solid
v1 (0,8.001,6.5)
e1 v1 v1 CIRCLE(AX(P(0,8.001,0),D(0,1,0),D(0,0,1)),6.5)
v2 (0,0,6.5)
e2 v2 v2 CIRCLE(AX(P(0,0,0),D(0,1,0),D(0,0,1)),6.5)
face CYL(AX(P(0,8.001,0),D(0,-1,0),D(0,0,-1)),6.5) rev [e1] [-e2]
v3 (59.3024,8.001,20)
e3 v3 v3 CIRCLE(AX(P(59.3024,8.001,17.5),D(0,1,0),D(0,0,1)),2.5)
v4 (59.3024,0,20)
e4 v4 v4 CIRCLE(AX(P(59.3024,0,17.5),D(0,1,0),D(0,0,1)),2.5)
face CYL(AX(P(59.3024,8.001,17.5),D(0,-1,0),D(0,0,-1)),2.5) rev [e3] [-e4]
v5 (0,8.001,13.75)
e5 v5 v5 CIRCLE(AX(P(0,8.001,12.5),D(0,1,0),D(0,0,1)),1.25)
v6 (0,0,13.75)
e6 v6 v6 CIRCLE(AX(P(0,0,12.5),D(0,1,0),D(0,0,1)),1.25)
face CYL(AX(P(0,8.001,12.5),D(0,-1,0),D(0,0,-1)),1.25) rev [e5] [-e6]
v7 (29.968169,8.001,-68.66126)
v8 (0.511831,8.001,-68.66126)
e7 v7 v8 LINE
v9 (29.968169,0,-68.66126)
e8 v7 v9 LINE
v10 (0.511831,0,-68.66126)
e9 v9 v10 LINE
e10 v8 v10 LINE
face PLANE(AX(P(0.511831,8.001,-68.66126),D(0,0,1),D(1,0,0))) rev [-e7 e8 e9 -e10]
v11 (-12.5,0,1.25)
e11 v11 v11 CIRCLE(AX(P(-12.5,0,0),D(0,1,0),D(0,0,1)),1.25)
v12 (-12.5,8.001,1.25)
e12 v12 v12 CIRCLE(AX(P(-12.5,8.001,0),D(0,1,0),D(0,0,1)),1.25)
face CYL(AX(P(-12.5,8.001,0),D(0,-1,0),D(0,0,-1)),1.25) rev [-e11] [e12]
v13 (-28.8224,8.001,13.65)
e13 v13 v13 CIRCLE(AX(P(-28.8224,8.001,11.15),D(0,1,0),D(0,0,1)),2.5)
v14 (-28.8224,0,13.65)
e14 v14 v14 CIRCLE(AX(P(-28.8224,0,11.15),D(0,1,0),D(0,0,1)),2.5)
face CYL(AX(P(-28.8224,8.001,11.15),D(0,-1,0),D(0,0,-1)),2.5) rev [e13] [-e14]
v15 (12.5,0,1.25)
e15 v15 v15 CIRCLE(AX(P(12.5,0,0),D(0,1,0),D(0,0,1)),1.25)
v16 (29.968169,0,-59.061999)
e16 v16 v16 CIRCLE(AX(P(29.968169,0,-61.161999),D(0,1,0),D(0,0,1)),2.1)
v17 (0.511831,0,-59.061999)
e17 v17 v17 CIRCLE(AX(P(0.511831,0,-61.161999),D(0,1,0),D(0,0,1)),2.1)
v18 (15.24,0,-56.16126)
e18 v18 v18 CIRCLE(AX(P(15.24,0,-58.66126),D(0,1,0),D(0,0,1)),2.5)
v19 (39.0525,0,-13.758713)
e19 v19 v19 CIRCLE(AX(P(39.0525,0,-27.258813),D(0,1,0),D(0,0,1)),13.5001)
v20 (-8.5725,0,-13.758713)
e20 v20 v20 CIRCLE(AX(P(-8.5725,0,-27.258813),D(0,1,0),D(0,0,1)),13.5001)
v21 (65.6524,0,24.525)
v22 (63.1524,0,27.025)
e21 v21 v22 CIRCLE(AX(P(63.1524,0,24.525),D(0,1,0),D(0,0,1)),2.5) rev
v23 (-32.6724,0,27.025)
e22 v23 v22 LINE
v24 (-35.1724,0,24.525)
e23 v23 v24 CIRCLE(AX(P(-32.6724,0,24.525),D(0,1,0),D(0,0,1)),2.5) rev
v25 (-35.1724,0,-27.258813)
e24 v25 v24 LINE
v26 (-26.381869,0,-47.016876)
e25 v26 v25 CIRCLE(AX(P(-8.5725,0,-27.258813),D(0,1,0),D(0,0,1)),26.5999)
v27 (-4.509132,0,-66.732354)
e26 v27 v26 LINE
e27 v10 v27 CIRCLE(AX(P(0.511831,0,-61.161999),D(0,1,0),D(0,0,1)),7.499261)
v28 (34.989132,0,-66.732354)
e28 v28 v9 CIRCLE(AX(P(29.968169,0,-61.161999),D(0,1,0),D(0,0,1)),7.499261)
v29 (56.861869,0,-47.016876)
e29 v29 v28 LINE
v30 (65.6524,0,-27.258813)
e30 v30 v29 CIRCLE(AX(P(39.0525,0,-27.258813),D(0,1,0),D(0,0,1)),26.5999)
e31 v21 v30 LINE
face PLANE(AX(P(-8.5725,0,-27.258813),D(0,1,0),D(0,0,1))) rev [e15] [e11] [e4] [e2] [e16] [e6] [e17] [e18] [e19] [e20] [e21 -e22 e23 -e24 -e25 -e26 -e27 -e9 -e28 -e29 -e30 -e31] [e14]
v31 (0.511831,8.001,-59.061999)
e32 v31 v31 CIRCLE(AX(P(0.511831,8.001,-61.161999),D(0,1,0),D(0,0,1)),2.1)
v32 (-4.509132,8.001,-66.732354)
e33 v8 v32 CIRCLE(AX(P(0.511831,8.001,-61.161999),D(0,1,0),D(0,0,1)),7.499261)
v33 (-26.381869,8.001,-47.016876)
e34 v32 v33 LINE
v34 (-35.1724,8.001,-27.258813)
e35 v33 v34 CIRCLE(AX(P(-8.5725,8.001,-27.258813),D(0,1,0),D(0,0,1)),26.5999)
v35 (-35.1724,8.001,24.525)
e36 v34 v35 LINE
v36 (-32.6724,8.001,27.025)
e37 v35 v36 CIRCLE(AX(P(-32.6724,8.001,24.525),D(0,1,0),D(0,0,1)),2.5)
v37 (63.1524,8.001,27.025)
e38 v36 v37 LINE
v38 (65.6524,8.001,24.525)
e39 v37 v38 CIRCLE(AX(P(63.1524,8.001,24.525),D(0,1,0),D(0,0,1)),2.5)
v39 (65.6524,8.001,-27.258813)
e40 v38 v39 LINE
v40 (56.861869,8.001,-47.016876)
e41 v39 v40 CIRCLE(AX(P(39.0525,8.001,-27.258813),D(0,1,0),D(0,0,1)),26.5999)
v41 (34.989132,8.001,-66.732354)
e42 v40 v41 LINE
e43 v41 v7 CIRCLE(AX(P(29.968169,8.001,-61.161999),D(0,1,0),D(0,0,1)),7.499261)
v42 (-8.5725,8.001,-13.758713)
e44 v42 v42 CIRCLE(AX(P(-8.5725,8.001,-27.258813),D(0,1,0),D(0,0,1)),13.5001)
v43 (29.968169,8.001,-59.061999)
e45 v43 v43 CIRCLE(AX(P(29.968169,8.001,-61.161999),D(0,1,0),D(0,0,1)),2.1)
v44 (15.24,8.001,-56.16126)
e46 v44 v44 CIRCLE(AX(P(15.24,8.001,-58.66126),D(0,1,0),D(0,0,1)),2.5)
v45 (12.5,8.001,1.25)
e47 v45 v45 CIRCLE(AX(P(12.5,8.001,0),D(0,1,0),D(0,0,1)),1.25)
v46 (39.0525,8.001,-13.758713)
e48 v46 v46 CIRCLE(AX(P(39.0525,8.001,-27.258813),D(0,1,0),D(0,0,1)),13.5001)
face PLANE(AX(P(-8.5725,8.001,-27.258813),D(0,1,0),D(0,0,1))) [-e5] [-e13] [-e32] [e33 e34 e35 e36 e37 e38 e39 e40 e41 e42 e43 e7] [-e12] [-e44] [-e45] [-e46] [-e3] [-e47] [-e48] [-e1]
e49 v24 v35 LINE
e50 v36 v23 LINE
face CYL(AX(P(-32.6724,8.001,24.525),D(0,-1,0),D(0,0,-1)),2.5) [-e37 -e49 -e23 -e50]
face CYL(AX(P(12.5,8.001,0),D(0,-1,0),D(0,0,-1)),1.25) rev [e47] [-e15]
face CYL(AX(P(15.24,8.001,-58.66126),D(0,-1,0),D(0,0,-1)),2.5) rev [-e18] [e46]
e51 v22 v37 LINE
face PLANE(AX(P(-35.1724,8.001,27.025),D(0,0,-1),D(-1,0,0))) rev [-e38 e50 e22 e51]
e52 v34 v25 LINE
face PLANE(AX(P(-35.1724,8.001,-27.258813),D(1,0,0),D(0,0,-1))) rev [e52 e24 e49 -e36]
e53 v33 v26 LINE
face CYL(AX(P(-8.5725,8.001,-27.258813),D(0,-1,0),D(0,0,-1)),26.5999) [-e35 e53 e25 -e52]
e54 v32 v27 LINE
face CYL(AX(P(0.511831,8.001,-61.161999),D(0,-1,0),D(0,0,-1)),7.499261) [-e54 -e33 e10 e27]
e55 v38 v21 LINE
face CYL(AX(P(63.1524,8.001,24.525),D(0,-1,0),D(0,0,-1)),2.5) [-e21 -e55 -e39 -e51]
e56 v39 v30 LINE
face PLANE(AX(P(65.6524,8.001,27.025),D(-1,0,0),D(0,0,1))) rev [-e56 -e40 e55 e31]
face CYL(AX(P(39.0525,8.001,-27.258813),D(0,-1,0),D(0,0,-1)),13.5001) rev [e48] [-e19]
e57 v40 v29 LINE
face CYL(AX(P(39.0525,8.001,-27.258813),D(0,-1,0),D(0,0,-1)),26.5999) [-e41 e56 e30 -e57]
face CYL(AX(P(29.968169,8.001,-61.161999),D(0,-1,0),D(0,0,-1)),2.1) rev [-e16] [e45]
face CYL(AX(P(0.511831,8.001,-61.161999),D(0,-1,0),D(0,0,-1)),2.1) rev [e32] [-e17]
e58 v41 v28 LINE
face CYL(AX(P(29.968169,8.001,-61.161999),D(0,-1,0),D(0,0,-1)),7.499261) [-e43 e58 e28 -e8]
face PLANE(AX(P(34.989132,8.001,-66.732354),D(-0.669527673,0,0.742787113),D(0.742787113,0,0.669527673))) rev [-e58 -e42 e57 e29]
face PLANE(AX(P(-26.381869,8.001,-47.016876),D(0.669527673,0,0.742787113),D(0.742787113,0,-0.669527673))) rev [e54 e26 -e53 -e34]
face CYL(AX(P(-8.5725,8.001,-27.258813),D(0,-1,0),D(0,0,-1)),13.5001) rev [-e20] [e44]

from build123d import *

# Parameters (mm, degrees)
SKETCH1_R           = 13.5001
SKETCH1_R_2         = 6.5
SKETCH1_R_3         = 2.1
SKETCH1_R_4         = 2.5
SKETCH1_R_5         = 1.25
BOSS_EXTRUDE1_DEPTH = 8.001
FILLET1_R           = 2.5


with BuildPart() as part:
    # Sketch1 → Boss-Extrude1 (new body)
    with BuildSketch(Plane(origin=(0, 0, 0), x_dir=(1, 0, 0), z_dir=(0, 1, 0))):
        with BuildLine():
            Line((-35.1724, 27.25881268), (-35.1724, -27.025))
            Line((-35.1724, -27.025), (65.6524, -27.025))
            Line((65.6524, -27.025), (65.6524, 27.25881268))
            ThreePointArc((65.6524, 27.25881268), (63.355608012, 38.071472897), (56.861869136, 47.016875617))
            Line((56.861869136, 47.016875617), (34.989131558, 66.732353738))
            ThreePointArc((34.989131558, 66.732353738), (32.657534218, 68.162444257), (29.968168585, 68.661260389))
            Line((29.968168585, 68.661260389), (0.511831415, 68.661260389))
            ThreePointArc((0.511831415, 68.661260389), (-2.177534218, 68.162444257), (-4.509131558, 66.732353738))
            Line((-4.509131558, 66.732353738), (-26.381869136, 47.016875617))
            ThreePointArc((-26.381869136, 47.016875617), (-32.875608012, 38.071472897), (-35.1724, 27.25881268))
        make_face()
        with Locations(Location((-8.5725, 27.25881268, 0), (0, 0, 270))):
            Circle(SKETCH1_R, mode=Mode.SUBTRACT)
        with Locations(Location((39.0525, 27.25881268, 0), (0, 0, 270))):
            Circle(SKETCH1_R, mode=Mode.SUBTRACT)
        with Locations(Location((0, 0, 0), (0, 0, 270))):
            Circle(SKETCH1_R_2, mode=Mode.SUBTRACT)
        with Locations(Location((0.511831415, 61.161999075, 0), (0, 0, 270))):
            Circle(SKETCH1_R_3, mode=Mode.SUBTRACT)
        with Locations(Location((29.968168585, 61.161999075, 0), (0, 0, 270))):
            Circle(SKETCH1_R_3, mode=Mode.SUBTRACT)
        with Locations(Location((-28.8224, -11.15, 0), (0, 0, 270))):
            Circle(SKETCH1_R_4, mode=Mode.SUBTRACT)
        with Locations(Location((59.3024, -17.5, 0), (0, 0, 270))):
            Circle(SKETCH1_R_4, mode=Mode.SUBTRACT)
        with Locations(Location((15.24, 58.661260389, 0), (0, 0, 270))):
            Circle(SKETCH1_R_4, mode=Mode.SUBTRACT)
        with Locations(Location((12.5, 0, 0), (0, 0, 270))):
            Circle(SKETCH1_R_5, mode=Mode.SUBTRACT)
        with Locations(Location((0, -12.5, 0), (0, 0, 270))):
            Circle(SKETCH1_R_5, mode=Mode.SUBTRACT)
        with Locations(Location((-12.5, 0, 0), (0, 0, 270))):
            Circle(SKETCH1_R_5, mode=Mode.SUBTRACT)
    extrude(amount=BOSS_EXTRUDE1_DEPTH)

    # Fillet1
    fillet1_edges = [part.edges().sort_by_distance(p)[0] for p in [
        (65.6524, 4.0005, 27.025),
        (-35.1724, 4.0005, 27.025),
    ]]
    fillet(fillet1_edges, radius=FILLET1_R)


solid = part.part
